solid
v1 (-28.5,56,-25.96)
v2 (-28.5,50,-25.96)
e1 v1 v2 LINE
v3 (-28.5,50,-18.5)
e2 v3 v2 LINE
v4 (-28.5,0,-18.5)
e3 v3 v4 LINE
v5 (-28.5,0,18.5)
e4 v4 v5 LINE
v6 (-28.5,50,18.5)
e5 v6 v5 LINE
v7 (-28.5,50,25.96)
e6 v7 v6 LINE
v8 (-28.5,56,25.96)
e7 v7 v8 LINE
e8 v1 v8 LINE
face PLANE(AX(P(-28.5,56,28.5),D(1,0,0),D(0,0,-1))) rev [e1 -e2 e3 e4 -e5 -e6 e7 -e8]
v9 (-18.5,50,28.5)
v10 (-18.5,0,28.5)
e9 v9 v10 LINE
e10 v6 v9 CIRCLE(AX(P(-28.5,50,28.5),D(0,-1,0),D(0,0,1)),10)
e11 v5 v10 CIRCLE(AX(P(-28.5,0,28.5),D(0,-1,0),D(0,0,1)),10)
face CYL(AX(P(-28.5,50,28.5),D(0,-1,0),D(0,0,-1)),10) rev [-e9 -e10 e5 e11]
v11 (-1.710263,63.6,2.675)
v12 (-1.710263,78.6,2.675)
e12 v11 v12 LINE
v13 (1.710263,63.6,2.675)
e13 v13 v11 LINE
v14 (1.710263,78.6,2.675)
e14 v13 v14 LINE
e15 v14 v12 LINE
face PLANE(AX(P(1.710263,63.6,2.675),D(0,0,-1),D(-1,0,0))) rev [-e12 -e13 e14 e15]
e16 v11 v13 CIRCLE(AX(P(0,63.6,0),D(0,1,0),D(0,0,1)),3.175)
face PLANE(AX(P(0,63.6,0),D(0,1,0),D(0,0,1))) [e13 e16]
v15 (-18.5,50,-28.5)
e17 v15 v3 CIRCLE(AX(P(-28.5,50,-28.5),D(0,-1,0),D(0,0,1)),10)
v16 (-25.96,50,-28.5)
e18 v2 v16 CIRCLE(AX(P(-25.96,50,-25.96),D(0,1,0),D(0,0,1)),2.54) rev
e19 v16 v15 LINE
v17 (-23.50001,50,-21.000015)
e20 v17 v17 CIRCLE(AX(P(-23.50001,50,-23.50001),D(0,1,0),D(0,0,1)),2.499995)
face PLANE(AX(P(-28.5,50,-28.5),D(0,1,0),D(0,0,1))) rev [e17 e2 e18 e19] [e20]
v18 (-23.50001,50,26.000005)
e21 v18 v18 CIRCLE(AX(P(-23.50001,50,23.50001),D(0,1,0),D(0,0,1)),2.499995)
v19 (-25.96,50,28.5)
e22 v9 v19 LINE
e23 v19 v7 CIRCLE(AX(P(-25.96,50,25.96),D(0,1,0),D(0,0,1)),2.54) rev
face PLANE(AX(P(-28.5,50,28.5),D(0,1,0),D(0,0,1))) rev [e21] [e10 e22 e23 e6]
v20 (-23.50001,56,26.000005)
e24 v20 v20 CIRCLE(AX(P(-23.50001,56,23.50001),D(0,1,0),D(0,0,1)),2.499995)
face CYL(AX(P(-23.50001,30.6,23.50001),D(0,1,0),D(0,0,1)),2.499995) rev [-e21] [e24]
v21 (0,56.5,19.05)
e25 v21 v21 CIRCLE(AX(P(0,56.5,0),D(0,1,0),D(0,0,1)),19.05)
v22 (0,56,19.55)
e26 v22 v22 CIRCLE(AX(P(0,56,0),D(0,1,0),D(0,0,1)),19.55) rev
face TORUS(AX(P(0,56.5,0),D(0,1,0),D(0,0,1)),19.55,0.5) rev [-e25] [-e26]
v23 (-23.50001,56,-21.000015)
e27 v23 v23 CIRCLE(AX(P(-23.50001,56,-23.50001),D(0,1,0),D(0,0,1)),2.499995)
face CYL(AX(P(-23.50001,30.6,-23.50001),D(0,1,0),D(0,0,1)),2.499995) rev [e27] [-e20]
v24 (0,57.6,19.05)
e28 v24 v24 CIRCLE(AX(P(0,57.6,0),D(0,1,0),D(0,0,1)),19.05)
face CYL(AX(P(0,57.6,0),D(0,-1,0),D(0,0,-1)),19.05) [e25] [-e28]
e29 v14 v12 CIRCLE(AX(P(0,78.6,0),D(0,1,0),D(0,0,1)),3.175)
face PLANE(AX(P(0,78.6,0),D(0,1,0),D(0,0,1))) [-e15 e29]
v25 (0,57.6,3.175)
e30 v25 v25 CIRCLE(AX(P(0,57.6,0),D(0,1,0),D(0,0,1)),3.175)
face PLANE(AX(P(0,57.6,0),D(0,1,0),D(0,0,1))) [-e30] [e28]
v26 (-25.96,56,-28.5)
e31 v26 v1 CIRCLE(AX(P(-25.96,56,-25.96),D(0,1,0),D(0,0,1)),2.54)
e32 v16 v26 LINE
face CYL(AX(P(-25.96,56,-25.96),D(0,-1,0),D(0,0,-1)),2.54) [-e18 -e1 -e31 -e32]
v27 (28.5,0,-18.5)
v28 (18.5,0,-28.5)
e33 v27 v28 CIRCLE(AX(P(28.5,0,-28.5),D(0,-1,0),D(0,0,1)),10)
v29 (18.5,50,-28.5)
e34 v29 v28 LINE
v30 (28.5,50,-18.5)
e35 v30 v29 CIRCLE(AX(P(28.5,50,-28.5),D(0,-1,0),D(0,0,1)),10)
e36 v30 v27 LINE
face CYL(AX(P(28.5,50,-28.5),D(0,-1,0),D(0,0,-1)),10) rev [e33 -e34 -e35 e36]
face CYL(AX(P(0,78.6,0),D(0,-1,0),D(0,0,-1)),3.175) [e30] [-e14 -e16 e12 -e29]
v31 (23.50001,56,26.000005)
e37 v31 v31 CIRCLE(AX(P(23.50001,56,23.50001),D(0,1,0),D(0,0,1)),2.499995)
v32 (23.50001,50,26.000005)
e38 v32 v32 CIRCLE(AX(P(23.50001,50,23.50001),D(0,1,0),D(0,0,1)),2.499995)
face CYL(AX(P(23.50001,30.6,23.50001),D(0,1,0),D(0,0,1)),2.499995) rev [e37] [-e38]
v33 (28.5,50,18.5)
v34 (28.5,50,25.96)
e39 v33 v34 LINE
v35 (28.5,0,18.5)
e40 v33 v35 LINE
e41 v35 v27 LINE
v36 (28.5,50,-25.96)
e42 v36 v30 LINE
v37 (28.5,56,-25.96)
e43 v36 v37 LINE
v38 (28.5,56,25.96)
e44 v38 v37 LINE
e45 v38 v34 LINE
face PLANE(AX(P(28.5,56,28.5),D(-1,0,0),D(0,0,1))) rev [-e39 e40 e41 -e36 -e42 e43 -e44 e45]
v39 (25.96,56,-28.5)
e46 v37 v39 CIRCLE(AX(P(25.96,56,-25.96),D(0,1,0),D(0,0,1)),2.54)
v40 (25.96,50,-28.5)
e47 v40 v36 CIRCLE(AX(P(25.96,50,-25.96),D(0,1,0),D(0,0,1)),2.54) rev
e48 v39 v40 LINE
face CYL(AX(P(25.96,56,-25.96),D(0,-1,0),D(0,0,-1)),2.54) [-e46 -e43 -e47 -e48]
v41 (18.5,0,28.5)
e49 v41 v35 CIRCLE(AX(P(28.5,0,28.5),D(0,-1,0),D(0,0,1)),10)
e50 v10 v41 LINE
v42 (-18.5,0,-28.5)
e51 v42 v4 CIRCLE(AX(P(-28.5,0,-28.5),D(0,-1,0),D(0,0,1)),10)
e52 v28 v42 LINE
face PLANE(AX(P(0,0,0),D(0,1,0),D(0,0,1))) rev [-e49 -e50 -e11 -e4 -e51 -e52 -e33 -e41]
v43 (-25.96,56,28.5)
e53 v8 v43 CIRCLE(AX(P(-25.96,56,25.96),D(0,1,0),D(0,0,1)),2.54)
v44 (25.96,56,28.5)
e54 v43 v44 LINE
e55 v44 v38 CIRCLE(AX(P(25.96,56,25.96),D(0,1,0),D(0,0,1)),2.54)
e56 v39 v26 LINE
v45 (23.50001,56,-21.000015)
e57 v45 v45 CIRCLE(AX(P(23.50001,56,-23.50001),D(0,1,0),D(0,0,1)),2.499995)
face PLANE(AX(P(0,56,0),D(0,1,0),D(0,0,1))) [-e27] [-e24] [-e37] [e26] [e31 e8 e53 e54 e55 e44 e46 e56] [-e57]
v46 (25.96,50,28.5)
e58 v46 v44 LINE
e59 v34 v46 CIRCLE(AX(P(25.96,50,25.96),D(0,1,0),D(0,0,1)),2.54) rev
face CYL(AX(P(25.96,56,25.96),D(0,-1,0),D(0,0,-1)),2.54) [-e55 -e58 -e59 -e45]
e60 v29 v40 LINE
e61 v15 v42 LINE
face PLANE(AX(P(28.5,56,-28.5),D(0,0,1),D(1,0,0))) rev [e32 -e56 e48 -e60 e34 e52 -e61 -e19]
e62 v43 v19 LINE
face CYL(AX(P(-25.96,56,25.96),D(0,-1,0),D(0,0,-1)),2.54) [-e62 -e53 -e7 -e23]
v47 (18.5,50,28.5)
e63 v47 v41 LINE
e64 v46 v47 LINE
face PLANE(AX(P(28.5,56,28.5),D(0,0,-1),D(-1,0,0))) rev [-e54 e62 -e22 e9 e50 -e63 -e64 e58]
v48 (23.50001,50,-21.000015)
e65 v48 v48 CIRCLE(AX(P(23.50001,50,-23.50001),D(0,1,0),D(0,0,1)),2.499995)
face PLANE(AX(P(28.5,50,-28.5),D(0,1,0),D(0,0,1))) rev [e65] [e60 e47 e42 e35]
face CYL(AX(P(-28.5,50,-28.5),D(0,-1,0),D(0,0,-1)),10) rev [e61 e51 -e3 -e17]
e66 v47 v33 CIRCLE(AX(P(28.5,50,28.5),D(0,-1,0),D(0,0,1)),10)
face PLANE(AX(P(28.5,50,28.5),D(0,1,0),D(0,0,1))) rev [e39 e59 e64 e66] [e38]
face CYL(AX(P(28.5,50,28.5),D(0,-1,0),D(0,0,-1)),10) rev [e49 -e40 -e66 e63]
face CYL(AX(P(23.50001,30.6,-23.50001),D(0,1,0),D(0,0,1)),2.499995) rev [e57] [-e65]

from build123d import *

# Parameters (mm, degrees)
SKETCH1_W           = 57
SKETCH1_H           = 57
BOSS_EXTRUDE2_DEPTH = 56
CUT_EXTRUDE1_DEPTH  = 50
FILLET1_R           = 2.54
SKETCH3_R           = 2.499995
CUT_EXTRUDE2_DEPTH  = 25.4
SKETCH4_R           = 19.05
BOSS_EXTRUDE3_DEPTH = 1.6
FILLET2_R           = 0.5
SKETCH5_R           = 3.175
BOSS_EXTRUDE4_DEPTH = 21
CUT_EXTRUDE4_DEPTH  = 15


with BuildPart() as part:
    # Sketch1 → Boss-Extrude2 (new body)
    with BuildSketch(Plane(origin=(0, 0, 0), x_dir=(1, 0, 0), z_dir=(0, 1, 0))):
        Rectangle(SKETCH1_W, SKETCH1_H)
    extrude(amount=BOSS_EXTRUDE2_DEPTH)

    # Sketch2 → Cut-Extrude1 (cut)
    with BuildSketch(Plane.XZ):
        with BuildLine():
            Line((28.5, -18.5), (28.5, -28.5))
            Line((28.5, -28.5), (18.5, -28.5))
            ThreePointArc((18.5, -28.5), (21.428932188, -21.428932188), (28.5, -18.5))
        make_face()
        with BuildLine():
            Line((-28.5, -28.5), (-28.5, -18.5))
            ThreePointArc((-28.5, -18.5), (-21.428932188, -21.428932188), (-18.5, -28.5))
            Line((-18.5, -28.5), (-28.5, -28.5))
        make_face()
        with BuildLine():
            Line((-28.5, 28.5), (-18.5, 28.5))
            ThreePointArc((-18.5, 28.5), (-21.428932188, 21.428932188), (-28.5, 18.5))
            Line((-28.5, 18.5), (-28.5, 28.5))
        make_face()
        with BuildLine():
            Line((28.5, 28.5), (28.5, 18.5))
            ThreePointArc((28.5, 18.5), (21.428932188, 21.428932188), (18.5, 28.5))
            Line((18.5, 28.5), (28.5, 28.5))
        make_face()
    extrude(amount=-CUT_EXTRUDE1_DEPTH, mode=Mode.SUBTRACT)

    # Fillet1
    fillet1_edges = [part.edges().sort_by_distance(p)[0] for p in [
        (-28.5, 53, -28.5),
        (28.5, 53, -28.5),
        (28.5, 53, 28.5),
        (-28.5, 53, 28.5),
    ]]
    fillet(fillet1_edges, radius=FILLET1_R)

    # Sketch3 → Cut-Extrude2 (cut)
    with BuildSketch(Plane(origin=(0, 56, 0), x_dir=(1, 0, 0), z_dir=(0, 1, 0))):
        with Locations((-23.50001, -23.50001)):
            Circle(SKETCH3_R)
        with Locations((-23.50001, 23.50001)):
            Circle(SKETCH3_R)
        with Locations((23.50001, 23.50001)):
            Circle(SKETCH3_R)
        with Locations((23.50001, -23.50001)):
            Circle(SKETCH3_R)
    extrude(amount=-CUT_EXTRUDE2_DEPTH, mode=Mode.SUBTRACT)

    # Sketch4 → Boss-Extrude3 (add)
    with BuildSketch(Plane(origin=(0, 56, 0), x_dir=(1, 0, 0), z_dir=(0, 1, 0))):
        Circle(SKETCH4_R)
    extrude(amount=BOSS_EXTRUDE3_DEPTH)

    # Fillet2
    fillet2_edges = [part.edges().sort_by_distance(p)[0] for p in [
        (-19.05, 56, 0),
    ]]
    fillet(fillet2_edges, radius=FILLET2_R)

    # Sketch5 → Boss-Extrude4 (add)
    with BuildSketch(Plane(origin=(0, 57.6, 0), x_dir=(1, 0, 0), z_dir=(0, 1, 0))):
        Circle(SKETCH5_R)
    extrude(amount=BOSS_EXTRUDE4_DEPTH)

    # Sketch6 → Cut-Extrude4 (cut)
    with BuildSketch(Plane(origin=(0, 78.6, 0), x_dir=(1, 0, 0), z_dir=(0, 1, 0))):
        with BuildLine():
            Line((1.710263138, -2.675), (-1.710263138, -2.675))
            ThreePointArc((-1.710263138, -2.675), (0, -3.175), (1.710263138, -2.675))
        make_face()
    extrude(amount=-CUT_EXTRUDE4_DEPTH, mode=Mode.SUBTRACT)


solid = part.part
